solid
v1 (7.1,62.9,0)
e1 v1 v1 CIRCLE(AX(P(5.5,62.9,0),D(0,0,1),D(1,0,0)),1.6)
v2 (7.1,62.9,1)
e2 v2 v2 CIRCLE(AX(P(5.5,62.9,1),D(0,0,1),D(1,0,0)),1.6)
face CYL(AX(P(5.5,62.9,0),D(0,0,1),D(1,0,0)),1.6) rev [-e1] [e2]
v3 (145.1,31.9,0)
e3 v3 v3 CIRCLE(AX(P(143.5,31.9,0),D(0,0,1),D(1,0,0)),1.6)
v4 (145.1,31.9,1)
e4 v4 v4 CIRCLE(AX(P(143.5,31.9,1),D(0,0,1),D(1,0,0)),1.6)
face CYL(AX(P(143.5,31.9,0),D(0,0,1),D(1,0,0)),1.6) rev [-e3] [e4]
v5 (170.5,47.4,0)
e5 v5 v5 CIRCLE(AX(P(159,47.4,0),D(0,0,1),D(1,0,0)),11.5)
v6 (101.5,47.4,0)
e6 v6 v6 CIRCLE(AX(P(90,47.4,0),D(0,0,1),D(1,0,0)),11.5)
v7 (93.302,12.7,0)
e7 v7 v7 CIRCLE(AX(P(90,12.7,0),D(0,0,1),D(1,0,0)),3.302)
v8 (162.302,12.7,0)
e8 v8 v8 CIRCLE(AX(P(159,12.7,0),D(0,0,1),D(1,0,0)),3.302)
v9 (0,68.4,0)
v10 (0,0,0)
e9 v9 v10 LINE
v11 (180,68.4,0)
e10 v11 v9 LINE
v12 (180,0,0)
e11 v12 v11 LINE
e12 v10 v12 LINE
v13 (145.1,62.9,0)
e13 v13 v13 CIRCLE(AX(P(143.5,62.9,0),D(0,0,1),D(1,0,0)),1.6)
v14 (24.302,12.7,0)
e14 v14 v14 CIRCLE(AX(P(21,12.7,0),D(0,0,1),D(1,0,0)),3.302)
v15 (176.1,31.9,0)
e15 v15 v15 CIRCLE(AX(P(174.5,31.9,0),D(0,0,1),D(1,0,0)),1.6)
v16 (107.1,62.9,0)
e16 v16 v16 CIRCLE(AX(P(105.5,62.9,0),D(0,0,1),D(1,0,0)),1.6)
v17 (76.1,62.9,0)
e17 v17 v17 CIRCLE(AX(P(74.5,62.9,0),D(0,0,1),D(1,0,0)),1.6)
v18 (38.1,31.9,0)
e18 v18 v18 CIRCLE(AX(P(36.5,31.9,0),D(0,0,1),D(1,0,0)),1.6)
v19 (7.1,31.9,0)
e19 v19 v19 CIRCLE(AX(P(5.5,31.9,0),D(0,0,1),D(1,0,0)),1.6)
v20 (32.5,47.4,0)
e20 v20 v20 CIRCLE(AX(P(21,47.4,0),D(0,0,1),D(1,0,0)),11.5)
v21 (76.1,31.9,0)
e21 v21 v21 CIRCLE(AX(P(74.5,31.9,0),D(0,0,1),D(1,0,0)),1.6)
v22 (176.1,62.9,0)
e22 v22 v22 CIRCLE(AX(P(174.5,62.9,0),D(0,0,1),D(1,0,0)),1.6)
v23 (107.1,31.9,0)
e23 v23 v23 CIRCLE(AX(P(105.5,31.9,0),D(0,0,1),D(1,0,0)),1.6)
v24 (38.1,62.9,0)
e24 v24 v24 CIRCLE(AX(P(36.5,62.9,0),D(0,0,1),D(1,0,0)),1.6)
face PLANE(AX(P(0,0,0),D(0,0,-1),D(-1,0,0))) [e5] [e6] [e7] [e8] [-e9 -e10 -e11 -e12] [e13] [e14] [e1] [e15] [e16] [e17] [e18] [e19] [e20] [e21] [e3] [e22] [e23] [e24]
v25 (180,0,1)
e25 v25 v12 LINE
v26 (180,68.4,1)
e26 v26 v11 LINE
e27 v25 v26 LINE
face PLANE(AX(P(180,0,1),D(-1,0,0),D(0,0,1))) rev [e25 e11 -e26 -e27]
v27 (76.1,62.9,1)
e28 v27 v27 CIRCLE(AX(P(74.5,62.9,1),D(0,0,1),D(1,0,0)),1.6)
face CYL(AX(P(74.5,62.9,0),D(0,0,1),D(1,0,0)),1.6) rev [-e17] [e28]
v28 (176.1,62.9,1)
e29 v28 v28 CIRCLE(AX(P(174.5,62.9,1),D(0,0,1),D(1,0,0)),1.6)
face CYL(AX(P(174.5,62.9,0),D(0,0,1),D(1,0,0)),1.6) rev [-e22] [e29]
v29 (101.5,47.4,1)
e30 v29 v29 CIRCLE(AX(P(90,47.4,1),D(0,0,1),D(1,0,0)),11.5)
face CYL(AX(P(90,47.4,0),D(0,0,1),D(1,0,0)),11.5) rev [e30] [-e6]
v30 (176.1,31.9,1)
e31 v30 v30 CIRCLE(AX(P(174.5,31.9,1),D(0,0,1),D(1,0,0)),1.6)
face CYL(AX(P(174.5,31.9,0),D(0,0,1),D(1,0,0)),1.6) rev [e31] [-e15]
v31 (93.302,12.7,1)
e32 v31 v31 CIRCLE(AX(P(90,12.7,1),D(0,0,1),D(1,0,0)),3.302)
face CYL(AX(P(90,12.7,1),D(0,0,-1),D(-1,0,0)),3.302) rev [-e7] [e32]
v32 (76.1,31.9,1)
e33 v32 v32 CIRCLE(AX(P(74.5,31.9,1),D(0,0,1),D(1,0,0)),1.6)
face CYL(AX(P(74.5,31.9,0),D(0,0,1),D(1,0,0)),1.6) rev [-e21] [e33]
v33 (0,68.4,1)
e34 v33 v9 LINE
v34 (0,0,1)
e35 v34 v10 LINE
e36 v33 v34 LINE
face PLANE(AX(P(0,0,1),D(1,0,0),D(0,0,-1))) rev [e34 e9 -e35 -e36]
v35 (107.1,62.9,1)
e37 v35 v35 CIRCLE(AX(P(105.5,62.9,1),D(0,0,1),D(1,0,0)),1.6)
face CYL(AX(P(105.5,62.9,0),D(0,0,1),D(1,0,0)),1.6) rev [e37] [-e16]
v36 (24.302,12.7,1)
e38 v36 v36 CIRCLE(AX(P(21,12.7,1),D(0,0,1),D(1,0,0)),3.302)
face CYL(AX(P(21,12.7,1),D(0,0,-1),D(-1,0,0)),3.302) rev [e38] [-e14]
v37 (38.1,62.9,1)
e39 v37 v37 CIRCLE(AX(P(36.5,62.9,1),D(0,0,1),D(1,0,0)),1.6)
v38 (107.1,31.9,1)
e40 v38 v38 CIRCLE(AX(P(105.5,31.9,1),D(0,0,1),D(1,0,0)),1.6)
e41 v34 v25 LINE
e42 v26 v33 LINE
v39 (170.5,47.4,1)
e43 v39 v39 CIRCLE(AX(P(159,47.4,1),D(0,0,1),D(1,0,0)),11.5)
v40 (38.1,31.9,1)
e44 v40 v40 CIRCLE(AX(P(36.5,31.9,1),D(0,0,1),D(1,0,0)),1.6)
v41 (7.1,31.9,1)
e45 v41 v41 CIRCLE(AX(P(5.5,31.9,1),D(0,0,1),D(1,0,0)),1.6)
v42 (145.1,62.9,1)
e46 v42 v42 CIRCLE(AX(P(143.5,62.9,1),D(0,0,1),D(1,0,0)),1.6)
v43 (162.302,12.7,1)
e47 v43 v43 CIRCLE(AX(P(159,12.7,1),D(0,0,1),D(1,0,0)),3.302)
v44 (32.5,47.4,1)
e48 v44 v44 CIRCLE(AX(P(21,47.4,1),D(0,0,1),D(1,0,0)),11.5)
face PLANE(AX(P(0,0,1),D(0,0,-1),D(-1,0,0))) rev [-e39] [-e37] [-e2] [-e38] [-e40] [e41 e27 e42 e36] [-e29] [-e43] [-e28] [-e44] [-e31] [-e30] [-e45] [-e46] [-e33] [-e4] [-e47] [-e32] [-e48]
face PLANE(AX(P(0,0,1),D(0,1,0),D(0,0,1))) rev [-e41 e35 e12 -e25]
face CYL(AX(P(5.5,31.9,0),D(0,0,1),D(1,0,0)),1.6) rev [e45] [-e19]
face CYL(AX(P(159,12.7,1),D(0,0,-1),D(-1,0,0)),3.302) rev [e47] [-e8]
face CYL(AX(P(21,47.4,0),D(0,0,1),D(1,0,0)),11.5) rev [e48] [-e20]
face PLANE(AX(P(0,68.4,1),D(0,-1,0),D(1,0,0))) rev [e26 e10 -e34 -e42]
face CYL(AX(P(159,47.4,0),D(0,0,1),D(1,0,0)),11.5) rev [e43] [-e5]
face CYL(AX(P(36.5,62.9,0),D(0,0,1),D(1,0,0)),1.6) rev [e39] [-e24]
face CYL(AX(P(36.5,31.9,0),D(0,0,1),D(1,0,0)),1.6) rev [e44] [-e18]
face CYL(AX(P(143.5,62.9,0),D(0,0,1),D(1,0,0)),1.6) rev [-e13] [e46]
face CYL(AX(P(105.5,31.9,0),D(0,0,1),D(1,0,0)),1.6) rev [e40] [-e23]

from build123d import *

# Parameters (mm, degrees)
SKETCH1_W           = 180
SKETCH1_H           = 68.4
SKETCH1_R           = 3.302
BOSS_EXTRUDE1_DEPTH = 1
SKETCH2_R           = 11.5
SKETCH2_R_2         = 1.6
CUT_EXTRUDE1_DEPTH  = 1
LPATTERN1_COUNT     = 3
LPATTERN1_PITCH     = 69


with BuildPart() as part:
    # Sketch1 → Boss-Extrude1 (new body)
    with BuildSketch(Plane.XY):
        with Locations((90, 34.2)):
            Rectangle(SKETCH1_W, SKETCH1_H)
        with Locations((21, 12.7)):
            Circle(SKETCH1_R, mode=Mode.SUBTRACT)
        with Locations((90, 12.7)):
            Circle(SKETCH1_R, mode=Mode.SUBTRACT)
        with Locations((159, 12.7)):
            Circle(SKETCH1_R, mode=Mode.SUBTRACT)
    extrude(amount=BOSS_EXTRUDE1_DEPTH)

    # Sketch2 → Cut-Extrude1 (cut)
    with BuildSketch(Plane.XY.offset(1)):
        with Locations((21, 47.4)):
            Circle(SKETCH2_R)
        with Locations((36.5, 62.9)):
            Circle(SKETCH2_R_2)
        with Locations((36.5, 31.9)):
            Circle(SKETCH2_R_2)
        with Locations((5.5, 31.9)):
            Circle(SKETCH2_R_2)
        with Locations((5.5, 62.9)):
            Circle(SKETCH2_R_2)
    cut_extrude1 = extrude(amount=-CUT_EXTRUDE1_DEPTH, mode=Mode.SUBTRACT)

    # LPattern1: Cut-Extrude1 ×3
    with Locations(*[(i * LPATTERN1_PITCH, 0, 0) for i in range(1, LPATTERN1_COUNT)]):
        add(cut_extrude1, mode=Mode.SUBTRACT)


solid = part.part
